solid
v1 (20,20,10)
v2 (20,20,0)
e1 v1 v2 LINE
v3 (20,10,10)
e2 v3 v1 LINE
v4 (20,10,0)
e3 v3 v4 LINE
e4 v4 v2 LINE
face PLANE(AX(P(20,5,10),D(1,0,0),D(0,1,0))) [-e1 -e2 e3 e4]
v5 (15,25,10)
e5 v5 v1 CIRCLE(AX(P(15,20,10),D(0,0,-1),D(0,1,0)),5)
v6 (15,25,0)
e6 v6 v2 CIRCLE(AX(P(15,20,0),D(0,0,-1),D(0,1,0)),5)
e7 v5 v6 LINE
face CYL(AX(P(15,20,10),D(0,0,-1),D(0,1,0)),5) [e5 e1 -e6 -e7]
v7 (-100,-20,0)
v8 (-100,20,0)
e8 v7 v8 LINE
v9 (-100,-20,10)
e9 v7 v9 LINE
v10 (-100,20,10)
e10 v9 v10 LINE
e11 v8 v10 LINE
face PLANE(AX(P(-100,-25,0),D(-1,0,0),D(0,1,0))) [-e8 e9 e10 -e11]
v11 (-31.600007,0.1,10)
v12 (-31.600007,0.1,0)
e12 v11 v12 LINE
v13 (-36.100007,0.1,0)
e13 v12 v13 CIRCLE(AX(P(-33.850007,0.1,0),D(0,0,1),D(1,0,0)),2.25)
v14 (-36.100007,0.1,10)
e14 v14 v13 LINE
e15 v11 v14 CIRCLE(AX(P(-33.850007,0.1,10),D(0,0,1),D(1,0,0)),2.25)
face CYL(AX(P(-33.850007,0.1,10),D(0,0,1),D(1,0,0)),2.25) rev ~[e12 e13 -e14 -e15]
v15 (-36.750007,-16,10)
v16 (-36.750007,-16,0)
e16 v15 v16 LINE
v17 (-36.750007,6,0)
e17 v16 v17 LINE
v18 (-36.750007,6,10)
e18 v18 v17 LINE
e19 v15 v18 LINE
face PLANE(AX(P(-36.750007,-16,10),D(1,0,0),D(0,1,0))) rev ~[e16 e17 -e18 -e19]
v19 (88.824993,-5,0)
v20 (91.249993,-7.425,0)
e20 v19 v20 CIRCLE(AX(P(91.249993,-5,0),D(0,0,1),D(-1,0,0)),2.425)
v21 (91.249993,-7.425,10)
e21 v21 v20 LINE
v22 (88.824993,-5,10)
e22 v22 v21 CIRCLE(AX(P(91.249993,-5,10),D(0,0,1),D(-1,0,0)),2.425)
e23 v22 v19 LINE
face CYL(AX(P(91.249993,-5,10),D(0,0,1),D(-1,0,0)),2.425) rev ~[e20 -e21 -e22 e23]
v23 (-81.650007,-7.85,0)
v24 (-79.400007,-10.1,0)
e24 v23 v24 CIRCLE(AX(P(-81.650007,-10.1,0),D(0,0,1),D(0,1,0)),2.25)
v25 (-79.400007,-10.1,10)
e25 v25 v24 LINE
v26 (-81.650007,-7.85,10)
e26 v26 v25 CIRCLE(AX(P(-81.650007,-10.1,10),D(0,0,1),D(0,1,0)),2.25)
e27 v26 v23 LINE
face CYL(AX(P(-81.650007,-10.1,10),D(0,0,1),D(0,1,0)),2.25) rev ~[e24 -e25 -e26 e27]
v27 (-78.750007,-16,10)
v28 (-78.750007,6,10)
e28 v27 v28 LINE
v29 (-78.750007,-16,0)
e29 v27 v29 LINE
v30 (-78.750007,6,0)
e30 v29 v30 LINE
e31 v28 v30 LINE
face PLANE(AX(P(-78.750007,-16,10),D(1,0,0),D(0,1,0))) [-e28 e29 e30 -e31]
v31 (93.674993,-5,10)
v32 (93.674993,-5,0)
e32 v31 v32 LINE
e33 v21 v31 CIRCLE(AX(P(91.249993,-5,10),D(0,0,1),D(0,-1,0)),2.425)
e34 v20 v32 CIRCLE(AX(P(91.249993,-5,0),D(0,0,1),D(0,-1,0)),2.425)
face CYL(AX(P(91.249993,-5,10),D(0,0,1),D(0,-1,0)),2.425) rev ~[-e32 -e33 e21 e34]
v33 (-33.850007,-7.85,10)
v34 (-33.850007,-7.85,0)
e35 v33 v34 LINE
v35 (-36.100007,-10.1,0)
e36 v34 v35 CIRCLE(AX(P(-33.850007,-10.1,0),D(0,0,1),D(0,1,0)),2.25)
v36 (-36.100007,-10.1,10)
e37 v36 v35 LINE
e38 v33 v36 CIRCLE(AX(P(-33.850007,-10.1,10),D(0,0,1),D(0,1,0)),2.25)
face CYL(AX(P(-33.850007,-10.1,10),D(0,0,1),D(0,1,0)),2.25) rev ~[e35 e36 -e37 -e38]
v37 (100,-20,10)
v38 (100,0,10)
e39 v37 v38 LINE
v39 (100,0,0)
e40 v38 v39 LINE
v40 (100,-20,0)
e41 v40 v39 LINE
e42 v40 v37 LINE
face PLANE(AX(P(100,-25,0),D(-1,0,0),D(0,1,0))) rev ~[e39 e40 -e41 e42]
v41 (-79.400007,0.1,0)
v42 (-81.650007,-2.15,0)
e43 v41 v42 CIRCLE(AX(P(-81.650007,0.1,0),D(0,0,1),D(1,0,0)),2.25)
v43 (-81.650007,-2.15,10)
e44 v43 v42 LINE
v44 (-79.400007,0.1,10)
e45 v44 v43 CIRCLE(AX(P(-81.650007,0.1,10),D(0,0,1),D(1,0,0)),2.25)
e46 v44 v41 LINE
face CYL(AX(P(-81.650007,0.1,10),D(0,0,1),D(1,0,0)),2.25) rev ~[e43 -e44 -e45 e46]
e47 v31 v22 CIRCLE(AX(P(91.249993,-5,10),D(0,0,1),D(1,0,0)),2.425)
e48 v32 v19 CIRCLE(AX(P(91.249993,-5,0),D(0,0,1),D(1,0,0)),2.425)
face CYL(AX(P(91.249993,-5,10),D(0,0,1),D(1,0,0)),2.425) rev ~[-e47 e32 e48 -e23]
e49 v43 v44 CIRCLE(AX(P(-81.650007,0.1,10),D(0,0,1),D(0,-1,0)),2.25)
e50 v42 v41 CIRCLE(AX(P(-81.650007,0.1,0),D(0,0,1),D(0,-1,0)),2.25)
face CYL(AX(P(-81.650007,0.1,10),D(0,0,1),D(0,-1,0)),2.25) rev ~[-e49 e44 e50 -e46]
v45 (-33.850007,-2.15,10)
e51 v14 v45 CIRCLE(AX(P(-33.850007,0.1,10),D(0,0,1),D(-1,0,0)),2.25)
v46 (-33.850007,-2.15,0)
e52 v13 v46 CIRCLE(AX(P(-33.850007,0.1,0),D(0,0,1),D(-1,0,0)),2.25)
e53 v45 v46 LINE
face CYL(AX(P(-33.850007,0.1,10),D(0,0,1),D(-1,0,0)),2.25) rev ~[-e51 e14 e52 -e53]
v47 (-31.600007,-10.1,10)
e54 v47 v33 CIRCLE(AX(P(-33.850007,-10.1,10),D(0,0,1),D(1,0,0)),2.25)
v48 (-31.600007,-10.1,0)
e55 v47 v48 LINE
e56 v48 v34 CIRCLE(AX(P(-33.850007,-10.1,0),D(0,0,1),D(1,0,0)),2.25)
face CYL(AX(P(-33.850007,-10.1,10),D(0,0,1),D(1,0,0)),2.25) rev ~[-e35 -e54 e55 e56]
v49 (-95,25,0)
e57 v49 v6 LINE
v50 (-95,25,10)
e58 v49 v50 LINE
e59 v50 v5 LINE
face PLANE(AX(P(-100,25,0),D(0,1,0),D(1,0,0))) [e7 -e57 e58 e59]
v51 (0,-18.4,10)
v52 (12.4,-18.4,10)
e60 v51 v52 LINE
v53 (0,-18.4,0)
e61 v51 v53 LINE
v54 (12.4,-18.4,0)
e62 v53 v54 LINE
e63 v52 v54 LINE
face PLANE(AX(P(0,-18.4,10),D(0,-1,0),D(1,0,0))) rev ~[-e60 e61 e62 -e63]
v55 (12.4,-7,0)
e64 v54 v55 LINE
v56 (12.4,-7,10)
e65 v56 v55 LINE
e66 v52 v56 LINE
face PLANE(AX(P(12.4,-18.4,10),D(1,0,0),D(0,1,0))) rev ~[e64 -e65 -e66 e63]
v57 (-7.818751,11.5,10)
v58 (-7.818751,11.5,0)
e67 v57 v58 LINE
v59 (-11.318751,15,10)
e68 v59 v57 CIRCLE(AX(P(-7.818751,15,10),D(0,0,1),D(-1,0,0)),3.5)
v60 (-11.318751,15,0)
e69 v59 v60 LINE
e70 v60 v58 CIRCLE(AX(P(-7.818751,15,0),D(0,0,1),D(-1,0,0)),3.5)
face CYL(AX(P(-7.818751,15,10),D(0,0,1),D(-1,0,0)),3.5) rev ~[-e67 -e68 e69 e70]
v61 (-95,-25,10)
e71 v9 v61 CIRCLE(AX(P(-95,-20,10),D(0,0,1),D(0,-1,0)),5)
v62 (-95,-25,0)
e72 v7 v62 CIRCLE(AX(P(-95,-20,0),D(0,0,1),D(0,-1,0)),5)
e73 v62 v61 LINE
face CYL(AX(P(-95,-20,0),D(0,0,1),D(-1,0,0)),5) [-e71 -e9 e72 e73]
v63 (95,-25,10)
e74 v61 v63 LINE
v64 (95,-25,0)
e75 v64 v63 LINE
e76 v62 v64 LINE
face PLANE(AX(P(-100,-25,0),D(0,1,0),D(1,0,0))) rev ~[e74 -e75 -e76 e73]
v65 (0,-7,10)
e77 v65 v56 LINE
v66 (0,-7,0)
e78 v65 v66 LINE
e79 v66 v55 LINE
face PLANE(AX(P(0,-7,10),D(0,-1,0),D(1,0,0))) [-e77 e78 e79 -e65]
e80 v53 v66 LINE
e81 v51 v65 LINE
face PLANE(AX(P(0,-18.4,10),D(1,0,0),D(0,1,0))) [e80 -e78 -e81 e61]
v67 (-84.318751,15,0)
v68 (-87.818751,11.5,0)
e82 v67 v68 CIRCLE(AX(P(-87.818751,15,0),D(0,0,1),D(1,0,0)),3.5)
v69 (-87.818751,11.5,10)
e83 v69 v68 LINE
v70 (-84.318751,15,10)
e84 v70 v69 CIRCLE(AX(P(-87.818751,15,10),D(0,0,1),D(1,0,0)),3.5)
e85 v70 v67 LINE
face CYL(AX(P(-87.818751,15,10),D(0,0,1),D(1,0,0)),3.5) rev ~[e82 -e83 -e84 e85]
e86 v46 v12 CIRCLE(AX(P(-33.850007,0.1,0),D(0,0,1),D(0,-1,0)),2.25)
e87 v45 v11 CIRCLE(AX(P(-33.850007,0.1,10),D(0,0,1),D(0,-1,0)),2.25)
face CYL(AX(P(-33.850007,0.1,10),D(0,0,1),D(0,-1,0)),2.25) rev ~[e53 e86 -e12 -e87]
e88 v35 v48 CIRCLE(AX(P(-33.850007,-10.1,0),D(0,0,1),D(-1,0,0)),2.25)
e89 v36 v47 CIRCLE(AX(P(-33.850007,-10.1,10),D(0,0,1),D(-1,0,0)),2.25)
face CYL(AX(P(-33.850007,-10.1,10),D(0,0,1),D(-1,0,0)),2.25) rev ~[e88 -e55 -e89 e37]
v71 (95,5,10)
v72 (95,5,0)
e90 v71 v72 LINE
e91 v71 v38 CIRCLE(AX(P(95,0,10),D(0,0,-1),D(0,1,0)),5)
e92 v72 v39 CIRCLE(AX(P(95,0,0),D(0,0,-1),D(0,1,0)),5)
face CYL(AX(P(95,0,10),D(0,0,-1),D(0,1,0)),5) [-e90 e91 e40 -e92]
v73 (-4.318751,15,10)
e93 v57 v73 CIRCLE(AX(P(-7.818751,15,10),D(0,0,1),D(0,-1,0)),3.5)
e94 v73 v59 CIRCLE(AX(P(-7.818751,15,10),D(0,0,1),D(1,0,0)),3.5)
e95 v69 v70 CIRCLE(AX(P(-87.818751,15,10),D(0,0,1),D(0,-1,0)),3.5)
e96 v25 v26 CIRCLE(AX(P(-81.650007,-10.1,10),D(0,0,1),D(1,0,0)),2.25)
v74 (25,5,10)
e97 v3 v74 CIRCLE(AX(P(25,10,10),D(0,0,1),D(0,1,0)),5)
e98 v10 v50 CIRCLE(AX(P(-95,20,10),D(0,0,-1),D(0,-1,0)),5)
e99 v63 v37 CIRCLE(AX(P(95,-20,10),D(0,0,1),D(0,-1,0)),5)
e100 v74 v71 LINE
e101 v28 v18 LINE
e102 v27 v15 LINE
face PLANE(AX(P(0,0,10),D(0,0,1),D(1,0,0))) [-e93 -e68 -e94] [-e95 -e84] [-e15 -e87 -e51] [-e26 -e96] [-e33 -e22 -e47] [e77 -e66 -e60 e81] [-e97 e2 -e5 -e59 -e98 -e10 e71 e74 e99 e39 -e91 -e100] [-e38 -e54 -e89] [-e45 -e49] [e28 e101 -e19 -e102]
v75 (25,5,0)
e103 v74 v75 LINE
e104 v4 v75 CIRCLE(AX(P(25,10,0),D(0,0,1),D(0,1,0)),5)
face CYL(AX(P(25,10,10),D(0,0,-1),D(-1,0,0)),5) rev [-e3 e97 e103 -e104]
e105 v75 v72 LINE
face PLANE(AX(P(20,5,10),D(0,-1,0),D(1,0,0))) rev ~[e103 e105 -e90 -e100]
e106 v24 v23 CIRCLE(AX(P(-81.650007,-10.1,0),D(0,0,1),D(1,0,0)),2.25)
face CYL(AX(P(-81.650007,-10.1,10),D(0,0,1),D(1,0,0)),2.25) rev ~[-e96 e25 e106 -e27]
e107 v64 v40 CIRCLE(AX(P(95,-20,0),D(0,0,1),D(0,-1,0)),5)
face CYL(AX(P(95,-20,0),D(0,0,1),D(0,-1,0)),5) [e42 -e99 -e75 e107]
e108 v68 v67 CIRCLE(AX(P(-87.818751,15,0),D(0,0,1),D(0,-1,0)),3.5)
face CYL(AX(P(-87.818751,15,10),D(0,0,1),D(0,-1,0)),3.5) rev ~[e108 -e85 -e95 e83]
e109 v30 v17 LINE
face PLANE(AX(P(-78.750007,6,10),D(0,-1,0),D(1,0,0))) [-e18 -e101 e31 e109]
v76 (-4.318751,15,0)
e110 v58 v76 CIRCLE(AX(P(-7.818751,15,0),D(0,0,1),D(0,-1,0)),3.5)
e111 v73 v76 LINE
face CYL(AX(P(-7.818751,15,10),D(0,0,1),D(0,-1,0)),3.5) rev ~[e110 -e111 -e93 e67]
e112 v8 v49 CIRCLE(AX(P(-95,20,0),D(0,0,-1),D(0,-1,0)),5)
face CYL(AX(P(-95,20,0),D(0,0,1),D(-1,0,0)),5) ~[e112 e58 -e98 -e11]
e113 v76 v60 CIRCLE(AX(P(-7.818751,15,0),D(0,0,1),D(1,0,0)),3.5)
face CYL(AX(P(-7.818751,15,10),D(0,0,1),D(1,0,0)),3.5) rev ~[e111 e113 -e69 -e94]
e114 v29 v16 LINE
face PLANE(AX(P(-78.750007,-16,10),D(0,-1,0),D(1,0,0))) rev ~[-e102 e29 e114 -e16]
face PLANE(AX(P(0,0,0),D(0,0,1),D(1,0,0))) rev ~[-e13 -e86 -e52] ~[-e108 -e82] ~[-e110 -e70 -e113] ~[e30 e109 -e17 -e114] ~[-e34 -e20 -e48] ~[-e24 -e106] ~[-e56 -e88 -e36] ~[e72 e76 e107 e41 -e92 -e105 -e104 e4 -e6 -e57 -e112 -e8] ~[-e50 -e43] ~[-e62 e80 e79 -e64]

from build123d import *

# Parameters (mm, degrees)
F0_W      = 200
F0_H      = 50
F1_DEPTH  = 10
F2_W      = 42
F2_H      = 22
F3_DEPTH  = 10.001
F5_DEPTH  = 10.001
F7_DEPTH  = 10.001
F8_R      = 5
F11_W     = 80
F11_H     = 20
F9_W      = 12.4
F9_H      = 11.4
F12_DEPTH = 10.001
F13_R     = 5


with BuildPart() as f1:
    # F0 (on Top) → F1 (new body)
    with BuildSketch(Plane.XY):
        Rectangle(F0_W, F0_H)
    extrude(amount=F1_DEPTH)

    # F2 (on face) → F3 (cut, through all)
    with BuildSketch(Plane.XY.offset(10)):
        with Locations((-57.7500068545, -5)):
            Rectangle(F2_W, F2_H)
    extrude(amount=-F3_DEPTH, mode=Mode.SUBTRACT)

    # F4 (on face) → F5 (cut, through all)
    with BuildSketch(Plane.XY.offset(10)):
        with BuildLine():
            Line((-81.6500068545, -2.15), (-81.6500068545, 0.1))
            Line((-81.6500068545, 0.1), (-79.4000068545, 0.1))
            ThreePointArc((-79.4000068545, 0.1), (-83.2409971122, 1.6909902577), (-81.6500068545, -2.15))
        make_face()
        with BuildLine():
            Line((-79.4000068545, 0.1), (-81.6500068545, 0.1))
            Line((-81.6500068545, 0.1), (-81.6500068545, -2.15))
            ThreePointArc((-81.6500068545, -2.15), (-80.0590165969, -1.4909902577), (-79.4000068545, 0.1))
        make_face()
        with BuildLine():
            Line((-81.6500068545, -10.1), (-81.6500068545, -7.85))
            ThreePointArc((-81.6500068545, -7.85), (-83.2409971122, -11.6909902577), (-79.4000068545, -10.1))
            Line((-79.4000068545, -10.1), (-81.6500068545, -10.1))
        make_face()
        with BuildLine():
            ThreePointArc((-79.4000068545, -10.1), (-80.0590165969, -8.5090097423), (-81.6500068545, -7.85))
            Line((-81.6500068545, -7.85), (-81.6500068545, -10.1))
            Line((-81.6500068545, -10.1), (-79.4000068545, -10.1))
        make_face()
        with BuildLine():
            Line((-33.8500068545, 0.1), (-36.1000068545, 0.1))
            ThreePointArc((-36.1000068545, 0.1), (-35.4409971122, -1.4909902577), (-33.8500068545, -2.15))
            Line((-33.8500068545, -2.15), (-33.8500068545, 0.1))
        make_face()
        with BuildLine():
            ThreePointArc((-31.6000068545, 0.1), (-33.8500068545, 2.35), (-36.1000068545, 0.1))
            Line((-36.1000068545, 0.1), (-33.8500068545, 0.1))
            Line((-33.8500068545, 0.1), (-33.8500068545, -2.15))
            ThreePointArc((-33.8500068545, -2.15), (-32.2590165969, -1.4909902577), (-31.6000068545, 0.1))
        make_face()
        with BuildLine():
            ThreePointArc((-33.8500068545, -7.85), (-35.4409971122, -8.5090097423), (-36.1000068545, -10.1))
            Line((-36.1000068545, -10.1), (-33.8500068545, -10.1))
            Line((-33.8500068545, -10.1), (-33.8500068545, -7.85))
        make_face()
        with BuildLine():
            Line((-33.8500068545, -10.1), (-36.1000068545, -10.1))
            ThreePointArc((-36.1000068545, -10.1), (-33.8500068545, -12.35), (-31.6000068545, -10.1))
            ThreePointArc((-31.6000068545, -10.1), (-32.2590165969, -8.5090097423), (-33.8500068545, -7.85))
            Line((-33.8500068545, -7.85), (-33.8500068545, -10.1))
        make_face()
    extrude(amount=-F5_DEPTH, mode=Mode.SUBTRACT)

    # F6 (on face) → F7 (cut, through all)
    with BuildSketch(Plane.XY.offset(10)):
        with BuildLine():
            Line((-87.8187507391, 11.5), (-87.8187507391, 15))
            Line((-87.8187507391, 15), (-84.3187507391, 15))
            ThreePointArc((-84.3187507391, 15), (-90.2936244733, 17.4748737342), (-87.8187507391, 11.5))
        make_face()
        with BuildLine():
            Line((-84.3187507391, 15), (-87.8187507391, 15))
            Line((-87.8187507391, 15), (-87.8187507391, 11.5))
            ThreePointArc((-87.8187507391, 11.5), (-85.3438770049, 12.5251262658), (-84.3187507391, 15))
        make_face()
        with BuildLine():
            Line((-7.8187507391, 15), (-11.3187507391, 15))
            ThreePointArc((-11.3187507391, 15), (-10.2936244733, 12.5251262658), (-7.8187507391, 11.5))
            Line((-7.8187507391, 11.5), (-7.8187507391, 15))
        make_face()
        with BuildLine():
            ThreePointArc((-4.3187507391, 15), (-7.8187507391, 18.5), (-11.3187507391, 15))
            Line((-11.3187507391, 15), (-7.8187507391, 15))
            Line((-7.8187507391, 15), (-7.8187507391, 11.5))
            ThreePointArc((-7.8187507391, 11.5), (-5.3438770049, 12.5251262658), (-4.3187507391, 15))
        make_face()
    extrude(amount=-F7_DEPTH, mode=Mode.SUBTRACT)

    # F8
    f8_edges = [f1.edges().sort_by_distance(p)[0] for p in [
        (-100, 25, 5),
        (-100, -25, 5),
        (100, 25, 5),
        (100, -25, 5),
    ]]
    fillet(f8_edges, radius=F8_R)

    # F11 (on face) + F10 (on face) + F9 (on face) → F12 (cut, through all)
    with BuildSketch(Plane.XY.offset(10)):
        with Locations((60, 15)):
            Rectangle(F11_W, F11_H)
    with BuildSketch(Plane.XY.offset(10)):
        with BuildLine():
            ThreePointArc((93.6749931455, -5), (91.2499931455, -2.575), (88.8249931455, -5))
            Line((88.8249931455, -5), (91.2499931455, -5))
            Line((91.2499931455, -5), (91.2499931455, -7.425))
            ThreePointArc((91.2499931455, -7.425), (92.9647270898, -6.7147339444), (93.6749931455, -5))
        make_face()
        with BuildLine():
            Line((91.2499931455, -5), (88.8249931455, -5))
            ThreePointArc((88.8249931455, -5), (89.5352592011, -6.7147339444), (91.2499931455, -7.425))
            Line((91.2499931455, -7.425), (91.2499931455, -5))
        make_face()
    with BuildSketch(Plane.XY.offset(10)):
        with Locations((6.2, -12.7)):
            Rectangle(F9_W, F9_H)
    extrude(amount=-F12_DEPTH, mode=Mode.SUBTRACT)

    # F13
    f13_edges = [f1.edges().sort_by_distance(p)[0] for p in [
        (20, 25, 5),
        (20, 5, 5),
        (100, 5, 5),
    ]]
    fillet(f13_edges, radius=F13_R)


solid = f1.part
